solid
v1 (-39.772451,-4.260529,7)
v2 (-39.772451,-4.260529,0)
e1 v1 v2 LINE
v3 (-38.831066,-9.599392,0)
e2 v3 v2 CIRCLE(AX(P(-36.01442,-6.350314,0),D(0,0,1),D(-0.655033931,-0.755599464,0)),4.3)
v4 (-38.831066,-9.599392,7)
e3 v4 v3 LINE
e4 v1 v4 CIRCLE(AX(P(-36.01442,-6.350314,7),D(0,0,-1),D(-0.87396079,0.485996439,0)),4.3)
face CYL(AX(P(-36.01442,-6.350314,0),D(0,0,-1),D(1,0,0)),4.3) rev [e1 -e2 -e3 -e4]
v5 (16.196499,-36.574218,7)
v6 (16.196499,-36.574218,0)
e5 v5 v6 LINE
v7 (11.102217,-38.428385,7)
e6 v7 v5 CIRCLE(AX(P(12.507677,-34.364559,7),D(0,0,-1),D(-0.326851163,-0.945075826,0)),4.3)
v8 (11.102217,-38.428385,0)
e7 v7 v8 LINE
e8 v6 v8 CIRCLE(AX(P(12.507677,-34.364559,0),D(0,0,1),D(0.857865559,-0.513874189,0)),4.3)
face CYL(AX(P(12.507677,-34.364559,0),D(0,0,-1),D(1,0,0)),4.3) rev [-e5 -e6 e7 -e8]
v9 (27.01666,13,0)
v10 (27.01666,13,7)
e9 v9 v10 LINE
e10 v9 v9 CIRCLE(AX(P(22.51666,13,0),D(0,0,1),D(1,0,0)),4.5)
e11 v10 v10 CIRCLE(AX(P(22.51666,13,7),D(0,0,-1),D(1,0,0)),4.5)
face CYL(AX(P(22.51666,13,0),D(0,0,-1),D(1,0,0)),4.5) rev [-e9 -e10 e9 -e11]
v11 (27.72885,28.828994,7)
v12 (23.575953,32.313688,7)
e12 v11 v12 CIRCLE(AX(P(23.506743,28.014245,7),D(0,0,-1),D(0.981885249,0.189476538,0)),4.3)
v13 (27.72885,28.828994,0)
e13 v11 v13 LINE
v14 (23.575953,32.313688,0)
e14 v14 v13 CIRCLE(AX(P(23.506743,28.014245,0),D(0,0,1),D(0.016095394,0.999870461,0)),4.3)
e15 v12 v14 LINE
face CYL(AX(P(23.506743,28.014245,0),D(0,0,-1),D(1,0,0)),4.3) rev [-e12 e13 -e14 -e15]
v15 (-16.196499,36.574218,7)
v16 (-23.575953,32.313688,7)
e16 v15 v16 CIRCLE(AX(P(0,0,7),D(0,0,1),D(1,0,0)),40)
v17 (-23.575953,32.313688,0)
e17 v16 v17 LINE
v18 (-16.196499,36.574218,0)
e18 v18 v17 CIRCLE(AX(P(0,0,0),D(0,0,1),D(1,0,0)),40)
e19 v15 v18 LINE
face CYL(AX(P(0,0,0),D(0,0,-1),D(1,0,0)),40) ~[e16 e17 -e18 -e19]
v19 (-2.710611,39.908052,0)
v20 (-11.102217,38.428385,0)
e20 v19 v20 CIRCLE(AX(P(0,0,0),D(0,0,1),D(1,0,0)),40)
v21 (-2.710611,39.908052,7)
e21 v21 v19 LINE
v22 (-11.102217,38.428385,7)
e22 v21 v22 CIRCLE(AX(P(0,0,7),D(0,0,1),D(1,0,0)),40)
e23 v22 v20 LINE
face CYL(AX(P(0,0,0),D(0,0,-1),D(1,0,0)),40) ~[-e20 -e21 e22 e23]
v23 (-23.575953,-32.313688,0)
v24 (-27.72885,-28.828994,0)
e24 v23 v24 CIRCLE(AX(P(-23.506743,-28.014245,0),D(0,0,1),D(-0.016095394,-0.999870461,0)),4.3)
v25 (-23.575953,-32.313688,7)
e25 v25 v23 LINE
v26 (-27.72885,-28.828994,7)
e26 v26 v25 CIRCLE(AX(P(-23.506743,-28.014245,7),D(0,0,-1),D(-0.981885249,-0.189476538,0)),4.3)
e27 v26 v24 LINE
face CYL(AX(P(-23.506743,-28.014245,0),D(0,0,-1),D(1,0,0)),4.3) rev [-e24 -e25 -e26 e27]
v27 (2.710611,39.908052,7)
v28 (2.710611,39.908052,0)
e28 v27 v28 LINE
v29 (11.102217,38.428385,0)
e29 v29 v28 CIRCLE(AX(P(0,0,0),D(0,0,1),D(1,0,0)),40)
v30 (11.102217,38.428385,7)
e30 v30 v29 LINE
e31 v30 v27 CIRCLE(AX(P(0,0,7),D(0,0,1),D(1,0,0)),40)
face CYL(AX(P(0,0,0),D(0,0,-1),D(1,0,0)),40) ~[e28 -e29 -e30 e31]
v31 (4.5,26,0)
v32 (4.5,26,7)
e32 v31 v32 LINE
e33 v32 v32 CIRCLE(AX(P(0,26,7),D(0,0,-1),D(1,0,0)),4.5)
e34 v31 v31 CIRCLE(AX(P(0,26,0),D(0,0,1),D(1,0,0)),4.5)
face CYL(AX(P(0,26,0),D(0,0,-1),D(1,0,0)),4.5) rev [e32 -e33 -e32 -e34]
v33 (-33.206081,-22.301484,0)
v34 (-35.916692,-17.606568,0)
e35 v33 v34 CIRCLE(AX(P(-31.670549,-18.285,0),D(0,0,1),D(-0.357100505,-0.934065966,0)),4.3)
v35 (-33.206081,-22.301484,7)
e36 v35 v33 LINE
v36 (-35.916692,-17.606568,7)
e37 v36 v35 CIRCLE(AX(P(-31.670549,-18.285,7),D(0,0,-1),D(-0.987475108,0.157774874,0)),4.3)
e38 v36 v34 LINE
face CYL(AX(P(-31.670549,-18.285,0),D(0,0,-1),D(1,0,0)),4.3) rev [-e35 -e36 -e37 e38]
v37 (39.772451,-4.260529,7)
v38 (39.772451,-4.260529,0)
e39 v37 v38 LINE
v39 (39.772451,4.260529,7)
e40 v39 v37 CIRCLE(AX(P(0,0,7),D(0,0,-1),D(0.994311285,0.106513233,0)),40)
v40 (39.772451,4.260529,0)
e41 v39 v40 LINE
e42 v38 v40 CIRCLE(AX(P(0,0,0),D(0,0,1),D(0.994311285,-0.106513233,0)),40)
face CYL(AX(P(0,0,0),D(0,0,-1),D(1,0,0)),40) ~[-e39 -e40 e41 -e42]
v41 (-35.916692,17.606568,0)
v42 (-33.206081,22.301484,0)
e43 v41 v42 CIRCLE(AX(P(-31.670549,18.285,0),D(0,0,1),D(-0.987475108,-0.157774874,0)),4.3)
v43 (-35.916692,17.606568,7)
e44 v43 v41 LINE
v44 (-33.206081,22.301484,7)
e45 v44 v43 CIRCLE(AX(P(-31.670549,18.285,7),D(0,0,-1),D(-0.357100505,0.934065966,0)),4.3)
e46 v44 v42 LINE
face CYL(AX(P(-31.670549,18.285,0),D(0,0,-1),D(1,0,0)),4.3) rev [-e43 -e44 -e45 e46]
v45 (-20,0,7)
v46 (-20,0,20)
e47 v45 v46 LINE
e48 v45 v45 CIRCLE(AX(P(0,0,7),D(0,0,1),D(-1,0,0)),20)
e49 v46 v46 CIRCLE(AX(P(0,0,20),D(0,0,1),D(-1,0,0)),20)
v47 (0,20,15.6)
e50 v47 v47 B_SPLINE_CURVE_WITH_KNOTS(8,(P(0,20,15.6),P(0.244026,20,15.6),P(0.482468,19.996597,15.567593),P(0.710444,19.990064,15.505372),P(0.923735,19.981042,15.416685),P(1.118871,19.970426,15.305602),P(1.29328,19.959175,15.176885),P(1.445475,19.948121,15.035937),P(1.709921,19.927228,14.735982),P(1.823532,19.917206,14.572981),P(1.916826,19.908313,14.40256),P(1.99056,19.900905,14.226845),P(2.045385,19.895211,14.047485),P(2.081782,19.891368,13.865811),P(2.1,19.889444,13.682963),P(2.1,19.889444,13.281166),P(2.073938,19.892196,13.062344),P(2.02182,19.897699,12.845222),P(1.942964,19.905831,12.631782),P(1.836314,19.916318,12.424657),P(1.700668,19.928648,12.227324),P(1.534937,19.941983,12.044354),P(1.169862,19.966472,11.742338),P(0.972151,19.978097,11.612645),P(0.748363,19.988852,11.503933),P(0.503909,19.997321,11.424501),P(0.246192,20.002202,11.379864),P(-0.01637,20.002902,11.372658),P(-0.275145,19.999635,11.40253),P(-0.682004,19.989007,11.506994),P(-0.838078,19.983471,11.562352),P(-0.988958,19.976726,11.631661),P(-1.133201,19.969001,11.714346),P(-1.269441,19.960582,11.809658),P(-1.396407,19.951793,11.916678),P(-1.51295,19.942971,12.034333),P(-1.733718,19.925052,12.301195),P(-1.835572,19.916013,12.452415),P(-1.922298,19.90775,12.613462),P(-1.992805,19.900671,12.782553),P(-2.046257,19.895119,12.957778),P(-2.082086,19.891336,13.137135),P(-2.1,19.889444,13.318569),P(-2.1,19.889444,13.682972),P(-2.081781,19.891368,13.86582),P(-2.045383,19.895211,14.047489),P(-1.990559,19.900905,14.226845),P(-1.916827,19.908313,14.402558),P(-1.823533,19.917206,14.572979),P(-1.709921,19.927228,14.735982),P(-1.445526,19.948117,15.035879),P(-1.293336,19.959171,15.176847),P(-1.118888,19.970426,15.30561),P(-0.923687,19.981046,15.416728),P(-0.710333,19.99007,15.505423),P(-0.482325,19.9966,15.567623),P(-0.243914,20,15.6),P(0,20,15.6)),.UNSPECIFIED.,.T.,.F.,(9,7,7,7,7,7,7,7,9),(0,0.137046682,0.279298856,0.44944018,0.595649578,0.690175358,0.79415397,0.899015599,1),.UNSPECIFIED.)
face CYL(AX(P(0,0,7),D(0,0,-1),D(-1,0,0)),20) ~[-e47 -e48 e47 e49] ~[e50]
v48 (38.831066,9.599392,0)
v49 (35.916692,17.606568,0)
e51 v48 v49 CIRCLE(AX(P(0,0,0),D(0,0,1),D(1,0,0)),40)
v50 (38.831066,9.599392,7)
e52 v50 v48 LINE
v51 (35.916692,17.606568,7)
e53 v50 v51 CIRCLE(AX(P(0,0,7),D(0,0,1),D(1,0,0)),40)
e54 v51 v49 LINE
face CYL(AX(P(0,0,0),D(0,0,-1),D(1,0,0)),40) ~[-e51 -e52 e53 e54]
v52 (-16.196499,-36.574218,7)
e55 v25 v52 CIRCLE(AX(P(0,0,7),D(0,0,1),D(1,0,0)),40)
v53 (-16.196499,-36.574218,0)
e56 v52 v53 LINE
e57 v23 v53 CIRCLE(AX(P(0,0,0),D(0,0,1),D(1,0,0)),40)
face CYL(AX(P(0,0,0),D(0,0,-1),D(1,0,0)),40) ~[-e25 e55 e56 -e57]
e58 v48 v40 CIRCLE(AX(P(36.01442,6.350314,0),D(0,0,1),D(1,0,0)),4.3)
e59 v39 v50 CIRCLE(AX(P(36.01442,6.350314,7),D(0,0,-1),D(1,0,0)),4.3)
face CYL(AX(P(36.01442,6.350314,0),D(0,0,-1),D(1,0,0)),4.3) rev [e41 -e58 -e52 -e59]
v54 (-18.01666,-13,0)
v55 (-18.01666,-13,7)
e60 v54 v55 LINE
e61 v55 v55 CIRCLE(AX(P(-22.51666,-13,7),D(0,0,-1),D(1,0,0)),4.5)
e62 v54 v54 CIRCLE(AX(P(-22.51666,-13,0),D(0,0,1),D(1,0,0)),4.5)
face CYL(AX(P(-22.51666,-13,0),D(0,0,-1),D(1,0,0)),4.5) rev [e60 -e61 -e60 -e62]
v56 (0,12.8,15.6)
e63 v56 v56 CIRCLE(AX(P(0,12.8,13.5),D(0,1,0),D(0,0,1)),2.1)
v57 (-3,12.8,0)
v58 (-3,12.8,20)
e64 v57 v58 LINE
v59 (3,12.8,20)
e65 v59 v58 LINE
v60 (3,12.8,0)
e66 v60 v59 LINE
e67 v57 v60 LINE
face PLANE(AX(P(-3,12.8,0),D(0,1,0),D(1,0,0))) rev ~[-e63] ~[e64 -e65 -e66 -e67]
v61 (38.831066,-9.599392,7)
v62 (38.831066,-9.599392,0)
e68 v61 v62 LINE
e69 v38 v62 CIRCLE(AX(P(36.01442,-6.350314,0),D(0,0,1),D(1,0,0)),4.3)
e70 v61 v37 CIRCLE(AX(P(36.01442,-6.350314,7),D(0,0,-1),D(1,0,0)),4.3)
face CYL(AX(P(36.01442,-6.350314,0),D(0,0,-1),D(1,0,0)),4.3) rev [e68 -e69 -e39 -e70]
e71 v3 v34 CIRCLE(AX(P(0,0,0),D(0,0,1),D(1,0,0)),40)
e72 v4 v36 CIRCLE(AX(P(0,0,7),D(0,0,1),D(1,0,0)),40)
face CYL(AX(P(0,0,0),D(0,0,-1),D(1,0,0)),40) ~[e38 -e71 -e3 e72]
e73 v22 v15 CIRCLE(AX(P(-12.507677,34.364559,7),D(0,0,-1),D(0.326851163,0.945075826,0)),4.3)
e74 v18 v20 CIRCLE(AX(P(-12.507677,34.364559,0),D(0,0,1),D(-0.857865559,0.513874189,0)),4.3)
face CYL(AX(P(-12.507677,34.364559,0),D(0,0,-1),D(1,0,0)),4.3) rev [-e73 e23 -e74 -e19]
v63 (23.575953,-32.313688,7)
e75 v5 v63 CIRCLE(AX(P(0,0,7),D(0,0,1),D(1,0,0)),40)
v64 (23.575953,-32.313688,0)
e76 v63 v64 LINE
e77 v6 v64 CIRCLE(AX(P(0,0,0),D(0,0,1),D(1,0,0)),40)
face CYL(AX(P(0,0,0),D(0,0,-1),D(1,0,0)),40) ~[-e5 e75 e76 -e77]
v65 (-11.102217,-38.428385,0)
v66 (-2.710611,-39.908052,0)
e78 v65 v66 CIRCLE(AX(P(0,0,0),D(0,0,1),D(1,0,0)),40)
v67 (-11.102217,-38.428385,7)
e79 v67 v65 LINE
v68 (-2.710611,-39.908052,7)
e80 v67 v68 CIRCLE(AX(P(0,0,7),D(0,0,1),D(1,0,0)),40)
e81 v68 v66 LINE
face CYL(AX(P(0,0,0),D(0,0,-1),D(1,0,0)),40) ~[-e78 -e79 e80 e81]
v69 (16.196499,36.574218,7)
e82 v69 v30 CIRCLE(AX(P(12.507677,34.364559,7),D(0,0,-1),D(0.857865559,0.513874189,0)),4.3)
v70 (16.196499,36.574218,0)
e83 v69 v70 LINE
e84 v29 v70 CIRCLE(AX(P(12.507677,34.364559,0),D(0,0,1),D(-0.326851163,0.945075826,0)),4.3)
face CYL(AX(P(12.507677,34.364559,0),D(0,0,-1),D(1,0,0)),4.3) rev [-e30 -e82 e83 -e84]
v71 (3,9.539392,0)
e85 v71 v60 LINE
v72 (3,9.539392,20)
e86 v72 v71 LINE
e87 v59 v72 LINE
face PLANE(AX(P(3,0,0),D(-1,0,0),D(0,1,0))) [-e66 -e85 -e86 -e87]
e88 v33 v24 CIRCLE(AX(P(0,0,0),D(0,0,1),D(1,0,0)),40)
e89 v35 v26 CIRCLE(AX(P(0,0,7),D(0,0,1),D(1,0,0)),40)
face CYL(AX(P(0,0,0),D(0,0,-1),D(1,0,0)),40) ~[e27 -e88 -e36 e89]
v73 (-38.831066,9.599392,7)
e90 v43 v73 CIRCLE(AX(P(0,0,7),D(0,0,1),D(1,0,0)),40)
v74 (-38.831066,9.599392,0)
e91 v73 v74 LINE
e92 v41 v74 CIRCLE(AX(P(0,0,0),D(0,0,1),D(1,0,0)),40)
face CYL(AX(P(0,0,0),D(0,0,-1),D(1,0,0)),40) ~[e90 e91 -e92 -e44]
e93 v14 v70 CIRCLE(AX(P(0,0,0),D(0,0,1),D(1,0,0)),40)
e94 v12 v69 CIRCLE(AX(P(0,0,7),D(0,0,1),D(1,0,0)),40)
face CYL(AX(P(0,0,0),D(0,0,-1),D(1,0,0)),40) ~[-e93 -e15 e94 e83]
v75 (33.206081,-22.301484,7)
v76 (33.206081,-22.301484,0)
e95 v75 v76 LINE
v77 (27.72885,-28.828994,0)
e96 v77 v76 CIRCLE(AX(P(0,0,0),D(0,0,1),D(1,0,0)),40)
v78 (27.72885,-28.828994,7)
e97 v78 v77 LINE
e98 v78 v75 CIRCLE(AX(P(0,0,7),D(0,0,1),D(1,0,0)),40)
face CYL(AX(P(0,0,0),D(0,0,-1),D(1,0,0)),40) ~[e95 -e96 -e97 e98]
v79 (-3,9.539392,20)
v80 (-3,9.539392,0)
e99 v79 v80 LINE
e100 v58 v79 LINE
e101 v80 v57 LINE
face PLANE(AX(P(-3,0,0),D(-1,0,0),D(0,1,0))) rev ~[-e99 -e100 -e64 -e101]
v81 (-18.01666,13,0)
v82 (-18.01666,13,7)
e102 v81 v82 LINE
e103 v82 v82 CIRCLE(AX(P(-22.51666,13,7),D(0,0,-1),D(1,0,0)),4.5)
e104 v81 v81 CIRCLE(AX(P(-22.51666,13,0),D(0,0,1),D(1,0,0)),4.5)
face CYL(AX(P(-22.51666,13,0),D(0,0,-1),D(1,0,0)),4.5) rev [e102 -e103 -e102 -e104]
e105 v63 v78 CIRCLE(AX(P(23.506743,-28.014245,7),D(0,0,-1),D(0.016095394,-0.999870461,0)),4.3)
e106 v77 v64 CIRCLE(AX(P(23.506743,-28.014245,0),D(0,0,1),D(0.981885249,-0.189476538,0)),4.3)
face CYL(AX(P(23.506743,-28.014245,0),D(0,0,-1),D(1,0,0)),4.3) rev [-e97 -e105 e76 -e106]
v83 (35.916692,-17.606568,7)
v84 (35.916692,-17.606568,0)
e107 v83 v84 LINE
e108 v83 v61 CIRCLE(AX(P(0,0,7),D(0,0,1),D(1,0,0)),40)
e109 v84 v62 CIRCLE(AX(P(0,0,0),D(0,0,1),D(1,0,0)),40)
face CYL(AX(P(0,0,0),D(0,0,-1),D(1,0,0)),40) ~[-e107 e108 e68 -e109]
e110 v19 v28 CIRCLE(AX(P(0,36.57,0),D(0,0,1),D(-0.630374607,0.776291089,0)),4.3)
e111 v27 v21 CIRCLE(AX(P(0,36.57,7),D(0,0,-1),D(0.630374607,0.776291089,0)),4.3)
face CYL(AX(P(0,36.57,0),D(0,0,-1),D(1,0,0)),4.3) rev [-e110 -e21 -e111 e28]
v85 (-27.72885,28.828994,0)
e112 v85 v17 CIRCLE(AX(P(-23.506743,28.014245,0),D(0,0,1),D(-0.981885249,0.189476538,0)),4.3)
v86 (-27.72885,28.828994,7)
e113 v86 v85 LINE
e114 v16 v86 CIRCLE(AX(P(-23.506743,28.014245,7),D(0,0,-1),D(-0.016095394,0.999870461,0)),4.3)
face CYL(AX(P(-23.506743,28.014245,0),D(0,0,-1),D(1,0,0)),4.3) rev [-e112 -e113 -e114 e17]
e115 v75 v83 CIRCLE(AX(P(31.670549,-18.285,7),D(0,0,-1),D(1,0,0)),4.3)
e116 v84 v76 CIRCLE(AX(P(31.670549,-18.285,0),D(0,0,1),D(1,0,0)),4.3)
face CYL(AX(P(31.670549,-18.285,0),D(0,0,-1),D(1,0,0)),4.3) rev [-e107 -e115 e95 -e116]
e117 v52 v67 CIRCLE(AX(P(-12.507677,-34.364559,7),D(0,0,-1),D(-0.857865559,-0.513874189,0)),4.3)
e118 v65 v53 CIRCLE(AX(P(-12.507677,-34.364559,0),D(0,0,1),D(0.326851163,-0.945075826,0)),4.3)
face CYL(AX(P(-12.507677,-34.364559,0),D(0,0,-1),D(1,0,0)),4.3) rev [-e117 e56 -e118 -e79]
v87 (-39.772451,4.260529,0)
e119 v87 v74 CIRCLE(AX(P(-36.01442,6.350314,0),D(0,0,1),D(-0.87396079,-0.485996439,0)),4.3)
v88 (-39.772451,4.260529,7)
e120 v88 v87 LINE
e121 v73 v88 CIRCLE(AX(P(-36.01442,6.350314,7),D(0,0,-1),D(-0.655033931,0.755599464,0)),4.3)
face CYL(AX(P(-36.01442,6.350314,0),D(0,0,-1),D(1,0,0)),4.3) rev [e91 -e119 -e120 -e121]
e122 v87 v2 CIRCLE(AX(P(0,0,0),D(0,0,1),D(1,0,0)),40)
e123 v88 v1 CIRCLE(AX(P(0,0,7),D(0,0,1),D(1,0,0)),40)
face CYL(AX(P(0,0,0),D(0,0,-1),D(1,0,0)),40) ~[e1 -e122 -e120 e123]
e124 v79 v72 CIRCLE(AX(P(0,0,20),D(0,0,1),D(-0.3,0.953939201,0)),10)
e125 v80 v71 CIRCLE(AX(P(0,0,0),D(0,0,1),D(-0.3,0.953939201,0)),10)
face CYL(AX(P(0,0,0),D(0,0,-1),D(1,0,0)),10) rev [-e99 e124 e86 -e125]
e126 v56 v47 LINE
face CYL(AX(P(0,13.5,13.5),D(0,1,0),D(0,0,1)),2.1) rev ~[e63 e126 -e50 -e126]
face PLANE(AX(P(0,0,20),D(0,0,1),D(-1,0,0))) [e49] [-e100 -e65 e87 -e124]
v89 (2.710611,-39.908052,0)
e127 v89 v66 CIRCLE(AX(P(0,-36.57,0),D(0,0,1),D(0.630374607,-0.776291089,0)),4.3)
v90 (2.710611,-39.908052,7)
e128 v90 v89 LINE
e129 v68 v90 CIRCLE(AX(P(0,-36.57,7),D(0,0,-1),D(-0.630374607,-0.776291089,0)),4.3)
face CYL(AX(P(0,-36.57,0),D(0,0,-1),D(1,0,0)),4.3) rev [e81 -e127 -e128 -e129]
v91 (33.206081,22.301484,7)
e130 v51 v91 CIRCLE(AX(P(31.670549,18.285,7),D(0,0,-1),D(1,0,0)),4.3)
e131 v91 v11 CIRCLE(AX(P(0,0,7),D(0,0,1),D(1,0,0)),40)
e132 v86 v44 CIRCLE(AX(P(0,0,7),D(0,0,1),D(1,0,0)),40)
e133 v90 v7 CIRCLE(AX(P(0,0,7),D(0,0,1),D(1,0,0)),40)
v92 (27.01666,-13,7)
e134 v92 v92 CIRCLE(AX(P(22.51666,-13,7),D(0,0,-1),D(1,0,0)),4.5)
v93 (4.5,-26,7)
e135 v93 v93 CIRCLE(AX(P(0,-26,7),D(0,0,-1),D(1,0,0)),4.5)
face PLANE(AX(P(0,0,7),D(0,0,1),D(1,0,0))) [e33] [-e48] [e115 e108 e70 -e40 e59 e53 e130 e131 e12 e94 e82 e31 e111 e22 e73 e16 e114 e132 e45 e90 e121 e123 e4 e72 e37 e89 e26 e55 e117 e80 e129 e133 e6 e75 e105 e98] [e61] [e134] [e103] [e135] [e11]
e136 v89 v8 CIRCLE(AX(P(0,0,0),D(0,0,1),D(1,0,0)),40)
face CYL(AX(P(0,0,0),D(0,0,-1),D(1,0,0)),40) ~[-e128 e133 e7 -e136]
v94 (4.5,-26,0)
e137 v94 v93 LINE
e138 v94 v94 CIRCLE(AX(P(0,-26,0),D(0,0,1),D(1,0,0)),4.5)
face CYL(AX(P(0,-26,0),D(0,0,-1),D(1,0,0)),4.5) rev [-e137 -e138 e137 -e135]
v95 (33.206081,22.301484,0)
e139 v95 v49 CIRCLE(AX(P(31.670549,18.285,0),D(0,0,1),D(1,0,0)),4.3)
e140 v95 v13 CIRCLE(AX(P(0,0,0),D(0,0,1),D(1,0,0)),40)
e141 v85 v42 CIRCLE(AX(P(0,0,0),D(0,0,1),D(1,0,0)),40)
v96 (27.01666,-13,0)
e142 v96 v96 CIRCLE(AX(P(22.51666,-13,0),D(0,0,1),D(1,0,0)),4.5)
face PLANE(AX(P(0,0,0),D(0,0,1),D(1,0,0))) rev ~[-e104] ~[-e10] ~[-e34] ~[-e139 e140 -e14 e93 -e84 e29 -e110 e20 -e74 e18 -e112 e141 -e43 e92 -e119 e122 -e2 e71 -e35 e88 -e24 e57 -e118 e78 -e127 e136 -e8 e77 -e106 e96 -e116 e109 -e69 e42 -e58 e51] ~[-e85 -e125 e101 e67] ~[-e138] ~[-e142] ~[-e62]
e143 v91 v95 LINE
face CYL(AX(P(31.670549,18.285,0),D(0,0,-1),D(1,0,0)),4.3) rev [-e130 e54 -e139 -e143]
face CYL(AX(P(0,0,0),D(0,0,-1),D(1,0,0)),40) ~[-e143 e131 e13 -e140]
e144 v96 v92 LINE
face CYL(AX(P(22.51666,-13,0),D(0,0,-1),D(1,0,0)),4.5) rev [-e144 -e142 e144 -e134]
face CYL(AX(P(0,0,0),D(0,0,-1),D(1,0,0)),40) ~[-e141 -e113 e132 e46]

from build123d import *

# Parameters (mm, degrees)
SKETCH_1_R          = 40
EXTRUDE_1_DEPTH     = 7
SKETCH_2_R          = 20
EXTRUDE_2_DEPTH     = 13
SKETCH_3_R          = 4.3
CUT_EXTRUDE_1_DEPTH = 61
SKETCH_4_R          = 4.5
CUT_EXTRUDE_2_DEPTH = 60.938740302
SKETCH_5_R          = 10
CUT_EXTRUDE_3_DEPTH = 60.938740302
SKETCH_6_W          = 6
SKETCH_6_H          = 12.8
CUT_EXTRUDE_4_DEPTH = 60.938740302
SKETCH_8_R          = 2.1
CUT_EXTRUDE_6_DEPTH = 10


with BuildPart() as part:
    # 草图1 → 凸台-拉伸1 (new body)
    with BuildSketch(Plane.XY):
        Circle(SKETCH_1_R)
    extrude(amount=EXTRUDE_1_DEPTH)

    # 草图2 → 凸台-拉伸2 (add)
    with BuildSketch(Plane.XY.offset(7)):
        with Locations(Location((0, 0, 0), (0, 0, 180))):
            Circle(SKETCH_2_R)
    extrude(amount=EXTRUDE_2_DEPTH)

    # 草图3 → 切除-拉伸1 (cut, through all)
    with BuildSketch(Plane.XY):
        with Locations((0, 36.57)):
            Circle(SKETCH_3_R)
        with Locations((-12.507677, 34.364559)):
            Circle(SKETCH_3_R)
        with Locations((-23.506743, 28.014245)):
            Circle(SKETCH_3_R)
        with Locations((-31.670549, 18.285)):
            Circle(SKETCH_3_R)
        with Locations((-36.01442, 6.350314)):
            Circle(SKETCH_3_R)
        with Locations((-36.01442, -6.350314)):
            Circle(SKETCH_3_R)
        with Locations((-31.670549, -18.285)):
            Circle(SKETCH_3_R)
        with Locations((-23.506743, -28.014245)):
            Circle(SKETCH_3_R)
        with Locations((-12.507677, -34.364559)):
            Circle(SKETCH_3_R)
        with Locations((0, -36.57)):
            Circle(SKETCH_3_R)
        with Locations((12.507677, -34.364559)):
            Circle(SKETCH_3_R)
        with Locations((23.506743, -28.014245)):
            Circle(SKETCH_3_R)
        with Locations((31.670549, -18.285)):
            Circle(SKETCH_3_R)
        with Locations((36.01442, -6.350314)):
            Circle(SKETCH_3_R)
        with Locations((36.01442, 6.350314)):
            Circle(SKETCH_3_R)
        with Locations((31.670549, 18.285)):
            Circle(SKETCH_3_R)
        with Locations((23.506743, 28.014245)):
            Circle(SKETCH_3_R)
        with Locations((12.507677, 34.364559)):
            Circle(SKETCH_3_R)
    extrude(amount=CUT_EXTRUDE_1_DEPTH, mode=Mode.SUBTRACT)

    # 草图4 → 切除-拉伸2 (cut, through all)
    with BuildSketch(Plane.XY):
        with Locations((0, 26)):
            Circle(SKETCH_4_R)
        with Locations((-22.51666, 13)):
            Circle(SKETCH_4_R)
        with Locations((-22.51666, -13)):
            Circle(SKETCH_4_R)
        with Locations((0, -26)):
            Circle(SKETCH_4_R)
        with Locations((22.51666, -13)):
            Circle(SKETCH_4_R)
        with Locations((22.51666, 13)):
            Circle(SKETCH_4_R)
    extrude(amount=CUT_EXTRUDE_2_DEPTH, mode=Mode.SUBTRACT)

    # 草图5 → 切除-拉伸3 (cut, through all)
    with BuildSketch(Plane.XY):
        Circle(SKETCH_5_R)
    extrude(amount=CUT_EXTRUDE_3_DEPTH, mode=Mode.SUBTRACT)

    # 草图6 → 切除-拉伸4 (cut, through all)
    with BuildSketch(Plane.XY):
        with Locations((0, 6.4)):
            Rectangle(SKETCH_6_W, SKETCH_6_H)
    extrude(amount=CUT_EXTRUDE_4_DEPTH, mode=Mode.SUBTRACT)

    # 草图8 → 切除-拉伸6 (cut, symmetric)
    with BuildSketch(Plane(origin=(0, 13.5, 0), x_dir=(1, 0, 0), z_dir=(0, 1, 0))):
        with Locations(Location((0, -13.5, 0), (0, 0, 270))):
            Circle(SKETCH_8_R)
    extrude(amount=CUT_EXTRUDE_6_DEPTH, both=True, mode=Mode.SUBTRACT)


solid = part.part
